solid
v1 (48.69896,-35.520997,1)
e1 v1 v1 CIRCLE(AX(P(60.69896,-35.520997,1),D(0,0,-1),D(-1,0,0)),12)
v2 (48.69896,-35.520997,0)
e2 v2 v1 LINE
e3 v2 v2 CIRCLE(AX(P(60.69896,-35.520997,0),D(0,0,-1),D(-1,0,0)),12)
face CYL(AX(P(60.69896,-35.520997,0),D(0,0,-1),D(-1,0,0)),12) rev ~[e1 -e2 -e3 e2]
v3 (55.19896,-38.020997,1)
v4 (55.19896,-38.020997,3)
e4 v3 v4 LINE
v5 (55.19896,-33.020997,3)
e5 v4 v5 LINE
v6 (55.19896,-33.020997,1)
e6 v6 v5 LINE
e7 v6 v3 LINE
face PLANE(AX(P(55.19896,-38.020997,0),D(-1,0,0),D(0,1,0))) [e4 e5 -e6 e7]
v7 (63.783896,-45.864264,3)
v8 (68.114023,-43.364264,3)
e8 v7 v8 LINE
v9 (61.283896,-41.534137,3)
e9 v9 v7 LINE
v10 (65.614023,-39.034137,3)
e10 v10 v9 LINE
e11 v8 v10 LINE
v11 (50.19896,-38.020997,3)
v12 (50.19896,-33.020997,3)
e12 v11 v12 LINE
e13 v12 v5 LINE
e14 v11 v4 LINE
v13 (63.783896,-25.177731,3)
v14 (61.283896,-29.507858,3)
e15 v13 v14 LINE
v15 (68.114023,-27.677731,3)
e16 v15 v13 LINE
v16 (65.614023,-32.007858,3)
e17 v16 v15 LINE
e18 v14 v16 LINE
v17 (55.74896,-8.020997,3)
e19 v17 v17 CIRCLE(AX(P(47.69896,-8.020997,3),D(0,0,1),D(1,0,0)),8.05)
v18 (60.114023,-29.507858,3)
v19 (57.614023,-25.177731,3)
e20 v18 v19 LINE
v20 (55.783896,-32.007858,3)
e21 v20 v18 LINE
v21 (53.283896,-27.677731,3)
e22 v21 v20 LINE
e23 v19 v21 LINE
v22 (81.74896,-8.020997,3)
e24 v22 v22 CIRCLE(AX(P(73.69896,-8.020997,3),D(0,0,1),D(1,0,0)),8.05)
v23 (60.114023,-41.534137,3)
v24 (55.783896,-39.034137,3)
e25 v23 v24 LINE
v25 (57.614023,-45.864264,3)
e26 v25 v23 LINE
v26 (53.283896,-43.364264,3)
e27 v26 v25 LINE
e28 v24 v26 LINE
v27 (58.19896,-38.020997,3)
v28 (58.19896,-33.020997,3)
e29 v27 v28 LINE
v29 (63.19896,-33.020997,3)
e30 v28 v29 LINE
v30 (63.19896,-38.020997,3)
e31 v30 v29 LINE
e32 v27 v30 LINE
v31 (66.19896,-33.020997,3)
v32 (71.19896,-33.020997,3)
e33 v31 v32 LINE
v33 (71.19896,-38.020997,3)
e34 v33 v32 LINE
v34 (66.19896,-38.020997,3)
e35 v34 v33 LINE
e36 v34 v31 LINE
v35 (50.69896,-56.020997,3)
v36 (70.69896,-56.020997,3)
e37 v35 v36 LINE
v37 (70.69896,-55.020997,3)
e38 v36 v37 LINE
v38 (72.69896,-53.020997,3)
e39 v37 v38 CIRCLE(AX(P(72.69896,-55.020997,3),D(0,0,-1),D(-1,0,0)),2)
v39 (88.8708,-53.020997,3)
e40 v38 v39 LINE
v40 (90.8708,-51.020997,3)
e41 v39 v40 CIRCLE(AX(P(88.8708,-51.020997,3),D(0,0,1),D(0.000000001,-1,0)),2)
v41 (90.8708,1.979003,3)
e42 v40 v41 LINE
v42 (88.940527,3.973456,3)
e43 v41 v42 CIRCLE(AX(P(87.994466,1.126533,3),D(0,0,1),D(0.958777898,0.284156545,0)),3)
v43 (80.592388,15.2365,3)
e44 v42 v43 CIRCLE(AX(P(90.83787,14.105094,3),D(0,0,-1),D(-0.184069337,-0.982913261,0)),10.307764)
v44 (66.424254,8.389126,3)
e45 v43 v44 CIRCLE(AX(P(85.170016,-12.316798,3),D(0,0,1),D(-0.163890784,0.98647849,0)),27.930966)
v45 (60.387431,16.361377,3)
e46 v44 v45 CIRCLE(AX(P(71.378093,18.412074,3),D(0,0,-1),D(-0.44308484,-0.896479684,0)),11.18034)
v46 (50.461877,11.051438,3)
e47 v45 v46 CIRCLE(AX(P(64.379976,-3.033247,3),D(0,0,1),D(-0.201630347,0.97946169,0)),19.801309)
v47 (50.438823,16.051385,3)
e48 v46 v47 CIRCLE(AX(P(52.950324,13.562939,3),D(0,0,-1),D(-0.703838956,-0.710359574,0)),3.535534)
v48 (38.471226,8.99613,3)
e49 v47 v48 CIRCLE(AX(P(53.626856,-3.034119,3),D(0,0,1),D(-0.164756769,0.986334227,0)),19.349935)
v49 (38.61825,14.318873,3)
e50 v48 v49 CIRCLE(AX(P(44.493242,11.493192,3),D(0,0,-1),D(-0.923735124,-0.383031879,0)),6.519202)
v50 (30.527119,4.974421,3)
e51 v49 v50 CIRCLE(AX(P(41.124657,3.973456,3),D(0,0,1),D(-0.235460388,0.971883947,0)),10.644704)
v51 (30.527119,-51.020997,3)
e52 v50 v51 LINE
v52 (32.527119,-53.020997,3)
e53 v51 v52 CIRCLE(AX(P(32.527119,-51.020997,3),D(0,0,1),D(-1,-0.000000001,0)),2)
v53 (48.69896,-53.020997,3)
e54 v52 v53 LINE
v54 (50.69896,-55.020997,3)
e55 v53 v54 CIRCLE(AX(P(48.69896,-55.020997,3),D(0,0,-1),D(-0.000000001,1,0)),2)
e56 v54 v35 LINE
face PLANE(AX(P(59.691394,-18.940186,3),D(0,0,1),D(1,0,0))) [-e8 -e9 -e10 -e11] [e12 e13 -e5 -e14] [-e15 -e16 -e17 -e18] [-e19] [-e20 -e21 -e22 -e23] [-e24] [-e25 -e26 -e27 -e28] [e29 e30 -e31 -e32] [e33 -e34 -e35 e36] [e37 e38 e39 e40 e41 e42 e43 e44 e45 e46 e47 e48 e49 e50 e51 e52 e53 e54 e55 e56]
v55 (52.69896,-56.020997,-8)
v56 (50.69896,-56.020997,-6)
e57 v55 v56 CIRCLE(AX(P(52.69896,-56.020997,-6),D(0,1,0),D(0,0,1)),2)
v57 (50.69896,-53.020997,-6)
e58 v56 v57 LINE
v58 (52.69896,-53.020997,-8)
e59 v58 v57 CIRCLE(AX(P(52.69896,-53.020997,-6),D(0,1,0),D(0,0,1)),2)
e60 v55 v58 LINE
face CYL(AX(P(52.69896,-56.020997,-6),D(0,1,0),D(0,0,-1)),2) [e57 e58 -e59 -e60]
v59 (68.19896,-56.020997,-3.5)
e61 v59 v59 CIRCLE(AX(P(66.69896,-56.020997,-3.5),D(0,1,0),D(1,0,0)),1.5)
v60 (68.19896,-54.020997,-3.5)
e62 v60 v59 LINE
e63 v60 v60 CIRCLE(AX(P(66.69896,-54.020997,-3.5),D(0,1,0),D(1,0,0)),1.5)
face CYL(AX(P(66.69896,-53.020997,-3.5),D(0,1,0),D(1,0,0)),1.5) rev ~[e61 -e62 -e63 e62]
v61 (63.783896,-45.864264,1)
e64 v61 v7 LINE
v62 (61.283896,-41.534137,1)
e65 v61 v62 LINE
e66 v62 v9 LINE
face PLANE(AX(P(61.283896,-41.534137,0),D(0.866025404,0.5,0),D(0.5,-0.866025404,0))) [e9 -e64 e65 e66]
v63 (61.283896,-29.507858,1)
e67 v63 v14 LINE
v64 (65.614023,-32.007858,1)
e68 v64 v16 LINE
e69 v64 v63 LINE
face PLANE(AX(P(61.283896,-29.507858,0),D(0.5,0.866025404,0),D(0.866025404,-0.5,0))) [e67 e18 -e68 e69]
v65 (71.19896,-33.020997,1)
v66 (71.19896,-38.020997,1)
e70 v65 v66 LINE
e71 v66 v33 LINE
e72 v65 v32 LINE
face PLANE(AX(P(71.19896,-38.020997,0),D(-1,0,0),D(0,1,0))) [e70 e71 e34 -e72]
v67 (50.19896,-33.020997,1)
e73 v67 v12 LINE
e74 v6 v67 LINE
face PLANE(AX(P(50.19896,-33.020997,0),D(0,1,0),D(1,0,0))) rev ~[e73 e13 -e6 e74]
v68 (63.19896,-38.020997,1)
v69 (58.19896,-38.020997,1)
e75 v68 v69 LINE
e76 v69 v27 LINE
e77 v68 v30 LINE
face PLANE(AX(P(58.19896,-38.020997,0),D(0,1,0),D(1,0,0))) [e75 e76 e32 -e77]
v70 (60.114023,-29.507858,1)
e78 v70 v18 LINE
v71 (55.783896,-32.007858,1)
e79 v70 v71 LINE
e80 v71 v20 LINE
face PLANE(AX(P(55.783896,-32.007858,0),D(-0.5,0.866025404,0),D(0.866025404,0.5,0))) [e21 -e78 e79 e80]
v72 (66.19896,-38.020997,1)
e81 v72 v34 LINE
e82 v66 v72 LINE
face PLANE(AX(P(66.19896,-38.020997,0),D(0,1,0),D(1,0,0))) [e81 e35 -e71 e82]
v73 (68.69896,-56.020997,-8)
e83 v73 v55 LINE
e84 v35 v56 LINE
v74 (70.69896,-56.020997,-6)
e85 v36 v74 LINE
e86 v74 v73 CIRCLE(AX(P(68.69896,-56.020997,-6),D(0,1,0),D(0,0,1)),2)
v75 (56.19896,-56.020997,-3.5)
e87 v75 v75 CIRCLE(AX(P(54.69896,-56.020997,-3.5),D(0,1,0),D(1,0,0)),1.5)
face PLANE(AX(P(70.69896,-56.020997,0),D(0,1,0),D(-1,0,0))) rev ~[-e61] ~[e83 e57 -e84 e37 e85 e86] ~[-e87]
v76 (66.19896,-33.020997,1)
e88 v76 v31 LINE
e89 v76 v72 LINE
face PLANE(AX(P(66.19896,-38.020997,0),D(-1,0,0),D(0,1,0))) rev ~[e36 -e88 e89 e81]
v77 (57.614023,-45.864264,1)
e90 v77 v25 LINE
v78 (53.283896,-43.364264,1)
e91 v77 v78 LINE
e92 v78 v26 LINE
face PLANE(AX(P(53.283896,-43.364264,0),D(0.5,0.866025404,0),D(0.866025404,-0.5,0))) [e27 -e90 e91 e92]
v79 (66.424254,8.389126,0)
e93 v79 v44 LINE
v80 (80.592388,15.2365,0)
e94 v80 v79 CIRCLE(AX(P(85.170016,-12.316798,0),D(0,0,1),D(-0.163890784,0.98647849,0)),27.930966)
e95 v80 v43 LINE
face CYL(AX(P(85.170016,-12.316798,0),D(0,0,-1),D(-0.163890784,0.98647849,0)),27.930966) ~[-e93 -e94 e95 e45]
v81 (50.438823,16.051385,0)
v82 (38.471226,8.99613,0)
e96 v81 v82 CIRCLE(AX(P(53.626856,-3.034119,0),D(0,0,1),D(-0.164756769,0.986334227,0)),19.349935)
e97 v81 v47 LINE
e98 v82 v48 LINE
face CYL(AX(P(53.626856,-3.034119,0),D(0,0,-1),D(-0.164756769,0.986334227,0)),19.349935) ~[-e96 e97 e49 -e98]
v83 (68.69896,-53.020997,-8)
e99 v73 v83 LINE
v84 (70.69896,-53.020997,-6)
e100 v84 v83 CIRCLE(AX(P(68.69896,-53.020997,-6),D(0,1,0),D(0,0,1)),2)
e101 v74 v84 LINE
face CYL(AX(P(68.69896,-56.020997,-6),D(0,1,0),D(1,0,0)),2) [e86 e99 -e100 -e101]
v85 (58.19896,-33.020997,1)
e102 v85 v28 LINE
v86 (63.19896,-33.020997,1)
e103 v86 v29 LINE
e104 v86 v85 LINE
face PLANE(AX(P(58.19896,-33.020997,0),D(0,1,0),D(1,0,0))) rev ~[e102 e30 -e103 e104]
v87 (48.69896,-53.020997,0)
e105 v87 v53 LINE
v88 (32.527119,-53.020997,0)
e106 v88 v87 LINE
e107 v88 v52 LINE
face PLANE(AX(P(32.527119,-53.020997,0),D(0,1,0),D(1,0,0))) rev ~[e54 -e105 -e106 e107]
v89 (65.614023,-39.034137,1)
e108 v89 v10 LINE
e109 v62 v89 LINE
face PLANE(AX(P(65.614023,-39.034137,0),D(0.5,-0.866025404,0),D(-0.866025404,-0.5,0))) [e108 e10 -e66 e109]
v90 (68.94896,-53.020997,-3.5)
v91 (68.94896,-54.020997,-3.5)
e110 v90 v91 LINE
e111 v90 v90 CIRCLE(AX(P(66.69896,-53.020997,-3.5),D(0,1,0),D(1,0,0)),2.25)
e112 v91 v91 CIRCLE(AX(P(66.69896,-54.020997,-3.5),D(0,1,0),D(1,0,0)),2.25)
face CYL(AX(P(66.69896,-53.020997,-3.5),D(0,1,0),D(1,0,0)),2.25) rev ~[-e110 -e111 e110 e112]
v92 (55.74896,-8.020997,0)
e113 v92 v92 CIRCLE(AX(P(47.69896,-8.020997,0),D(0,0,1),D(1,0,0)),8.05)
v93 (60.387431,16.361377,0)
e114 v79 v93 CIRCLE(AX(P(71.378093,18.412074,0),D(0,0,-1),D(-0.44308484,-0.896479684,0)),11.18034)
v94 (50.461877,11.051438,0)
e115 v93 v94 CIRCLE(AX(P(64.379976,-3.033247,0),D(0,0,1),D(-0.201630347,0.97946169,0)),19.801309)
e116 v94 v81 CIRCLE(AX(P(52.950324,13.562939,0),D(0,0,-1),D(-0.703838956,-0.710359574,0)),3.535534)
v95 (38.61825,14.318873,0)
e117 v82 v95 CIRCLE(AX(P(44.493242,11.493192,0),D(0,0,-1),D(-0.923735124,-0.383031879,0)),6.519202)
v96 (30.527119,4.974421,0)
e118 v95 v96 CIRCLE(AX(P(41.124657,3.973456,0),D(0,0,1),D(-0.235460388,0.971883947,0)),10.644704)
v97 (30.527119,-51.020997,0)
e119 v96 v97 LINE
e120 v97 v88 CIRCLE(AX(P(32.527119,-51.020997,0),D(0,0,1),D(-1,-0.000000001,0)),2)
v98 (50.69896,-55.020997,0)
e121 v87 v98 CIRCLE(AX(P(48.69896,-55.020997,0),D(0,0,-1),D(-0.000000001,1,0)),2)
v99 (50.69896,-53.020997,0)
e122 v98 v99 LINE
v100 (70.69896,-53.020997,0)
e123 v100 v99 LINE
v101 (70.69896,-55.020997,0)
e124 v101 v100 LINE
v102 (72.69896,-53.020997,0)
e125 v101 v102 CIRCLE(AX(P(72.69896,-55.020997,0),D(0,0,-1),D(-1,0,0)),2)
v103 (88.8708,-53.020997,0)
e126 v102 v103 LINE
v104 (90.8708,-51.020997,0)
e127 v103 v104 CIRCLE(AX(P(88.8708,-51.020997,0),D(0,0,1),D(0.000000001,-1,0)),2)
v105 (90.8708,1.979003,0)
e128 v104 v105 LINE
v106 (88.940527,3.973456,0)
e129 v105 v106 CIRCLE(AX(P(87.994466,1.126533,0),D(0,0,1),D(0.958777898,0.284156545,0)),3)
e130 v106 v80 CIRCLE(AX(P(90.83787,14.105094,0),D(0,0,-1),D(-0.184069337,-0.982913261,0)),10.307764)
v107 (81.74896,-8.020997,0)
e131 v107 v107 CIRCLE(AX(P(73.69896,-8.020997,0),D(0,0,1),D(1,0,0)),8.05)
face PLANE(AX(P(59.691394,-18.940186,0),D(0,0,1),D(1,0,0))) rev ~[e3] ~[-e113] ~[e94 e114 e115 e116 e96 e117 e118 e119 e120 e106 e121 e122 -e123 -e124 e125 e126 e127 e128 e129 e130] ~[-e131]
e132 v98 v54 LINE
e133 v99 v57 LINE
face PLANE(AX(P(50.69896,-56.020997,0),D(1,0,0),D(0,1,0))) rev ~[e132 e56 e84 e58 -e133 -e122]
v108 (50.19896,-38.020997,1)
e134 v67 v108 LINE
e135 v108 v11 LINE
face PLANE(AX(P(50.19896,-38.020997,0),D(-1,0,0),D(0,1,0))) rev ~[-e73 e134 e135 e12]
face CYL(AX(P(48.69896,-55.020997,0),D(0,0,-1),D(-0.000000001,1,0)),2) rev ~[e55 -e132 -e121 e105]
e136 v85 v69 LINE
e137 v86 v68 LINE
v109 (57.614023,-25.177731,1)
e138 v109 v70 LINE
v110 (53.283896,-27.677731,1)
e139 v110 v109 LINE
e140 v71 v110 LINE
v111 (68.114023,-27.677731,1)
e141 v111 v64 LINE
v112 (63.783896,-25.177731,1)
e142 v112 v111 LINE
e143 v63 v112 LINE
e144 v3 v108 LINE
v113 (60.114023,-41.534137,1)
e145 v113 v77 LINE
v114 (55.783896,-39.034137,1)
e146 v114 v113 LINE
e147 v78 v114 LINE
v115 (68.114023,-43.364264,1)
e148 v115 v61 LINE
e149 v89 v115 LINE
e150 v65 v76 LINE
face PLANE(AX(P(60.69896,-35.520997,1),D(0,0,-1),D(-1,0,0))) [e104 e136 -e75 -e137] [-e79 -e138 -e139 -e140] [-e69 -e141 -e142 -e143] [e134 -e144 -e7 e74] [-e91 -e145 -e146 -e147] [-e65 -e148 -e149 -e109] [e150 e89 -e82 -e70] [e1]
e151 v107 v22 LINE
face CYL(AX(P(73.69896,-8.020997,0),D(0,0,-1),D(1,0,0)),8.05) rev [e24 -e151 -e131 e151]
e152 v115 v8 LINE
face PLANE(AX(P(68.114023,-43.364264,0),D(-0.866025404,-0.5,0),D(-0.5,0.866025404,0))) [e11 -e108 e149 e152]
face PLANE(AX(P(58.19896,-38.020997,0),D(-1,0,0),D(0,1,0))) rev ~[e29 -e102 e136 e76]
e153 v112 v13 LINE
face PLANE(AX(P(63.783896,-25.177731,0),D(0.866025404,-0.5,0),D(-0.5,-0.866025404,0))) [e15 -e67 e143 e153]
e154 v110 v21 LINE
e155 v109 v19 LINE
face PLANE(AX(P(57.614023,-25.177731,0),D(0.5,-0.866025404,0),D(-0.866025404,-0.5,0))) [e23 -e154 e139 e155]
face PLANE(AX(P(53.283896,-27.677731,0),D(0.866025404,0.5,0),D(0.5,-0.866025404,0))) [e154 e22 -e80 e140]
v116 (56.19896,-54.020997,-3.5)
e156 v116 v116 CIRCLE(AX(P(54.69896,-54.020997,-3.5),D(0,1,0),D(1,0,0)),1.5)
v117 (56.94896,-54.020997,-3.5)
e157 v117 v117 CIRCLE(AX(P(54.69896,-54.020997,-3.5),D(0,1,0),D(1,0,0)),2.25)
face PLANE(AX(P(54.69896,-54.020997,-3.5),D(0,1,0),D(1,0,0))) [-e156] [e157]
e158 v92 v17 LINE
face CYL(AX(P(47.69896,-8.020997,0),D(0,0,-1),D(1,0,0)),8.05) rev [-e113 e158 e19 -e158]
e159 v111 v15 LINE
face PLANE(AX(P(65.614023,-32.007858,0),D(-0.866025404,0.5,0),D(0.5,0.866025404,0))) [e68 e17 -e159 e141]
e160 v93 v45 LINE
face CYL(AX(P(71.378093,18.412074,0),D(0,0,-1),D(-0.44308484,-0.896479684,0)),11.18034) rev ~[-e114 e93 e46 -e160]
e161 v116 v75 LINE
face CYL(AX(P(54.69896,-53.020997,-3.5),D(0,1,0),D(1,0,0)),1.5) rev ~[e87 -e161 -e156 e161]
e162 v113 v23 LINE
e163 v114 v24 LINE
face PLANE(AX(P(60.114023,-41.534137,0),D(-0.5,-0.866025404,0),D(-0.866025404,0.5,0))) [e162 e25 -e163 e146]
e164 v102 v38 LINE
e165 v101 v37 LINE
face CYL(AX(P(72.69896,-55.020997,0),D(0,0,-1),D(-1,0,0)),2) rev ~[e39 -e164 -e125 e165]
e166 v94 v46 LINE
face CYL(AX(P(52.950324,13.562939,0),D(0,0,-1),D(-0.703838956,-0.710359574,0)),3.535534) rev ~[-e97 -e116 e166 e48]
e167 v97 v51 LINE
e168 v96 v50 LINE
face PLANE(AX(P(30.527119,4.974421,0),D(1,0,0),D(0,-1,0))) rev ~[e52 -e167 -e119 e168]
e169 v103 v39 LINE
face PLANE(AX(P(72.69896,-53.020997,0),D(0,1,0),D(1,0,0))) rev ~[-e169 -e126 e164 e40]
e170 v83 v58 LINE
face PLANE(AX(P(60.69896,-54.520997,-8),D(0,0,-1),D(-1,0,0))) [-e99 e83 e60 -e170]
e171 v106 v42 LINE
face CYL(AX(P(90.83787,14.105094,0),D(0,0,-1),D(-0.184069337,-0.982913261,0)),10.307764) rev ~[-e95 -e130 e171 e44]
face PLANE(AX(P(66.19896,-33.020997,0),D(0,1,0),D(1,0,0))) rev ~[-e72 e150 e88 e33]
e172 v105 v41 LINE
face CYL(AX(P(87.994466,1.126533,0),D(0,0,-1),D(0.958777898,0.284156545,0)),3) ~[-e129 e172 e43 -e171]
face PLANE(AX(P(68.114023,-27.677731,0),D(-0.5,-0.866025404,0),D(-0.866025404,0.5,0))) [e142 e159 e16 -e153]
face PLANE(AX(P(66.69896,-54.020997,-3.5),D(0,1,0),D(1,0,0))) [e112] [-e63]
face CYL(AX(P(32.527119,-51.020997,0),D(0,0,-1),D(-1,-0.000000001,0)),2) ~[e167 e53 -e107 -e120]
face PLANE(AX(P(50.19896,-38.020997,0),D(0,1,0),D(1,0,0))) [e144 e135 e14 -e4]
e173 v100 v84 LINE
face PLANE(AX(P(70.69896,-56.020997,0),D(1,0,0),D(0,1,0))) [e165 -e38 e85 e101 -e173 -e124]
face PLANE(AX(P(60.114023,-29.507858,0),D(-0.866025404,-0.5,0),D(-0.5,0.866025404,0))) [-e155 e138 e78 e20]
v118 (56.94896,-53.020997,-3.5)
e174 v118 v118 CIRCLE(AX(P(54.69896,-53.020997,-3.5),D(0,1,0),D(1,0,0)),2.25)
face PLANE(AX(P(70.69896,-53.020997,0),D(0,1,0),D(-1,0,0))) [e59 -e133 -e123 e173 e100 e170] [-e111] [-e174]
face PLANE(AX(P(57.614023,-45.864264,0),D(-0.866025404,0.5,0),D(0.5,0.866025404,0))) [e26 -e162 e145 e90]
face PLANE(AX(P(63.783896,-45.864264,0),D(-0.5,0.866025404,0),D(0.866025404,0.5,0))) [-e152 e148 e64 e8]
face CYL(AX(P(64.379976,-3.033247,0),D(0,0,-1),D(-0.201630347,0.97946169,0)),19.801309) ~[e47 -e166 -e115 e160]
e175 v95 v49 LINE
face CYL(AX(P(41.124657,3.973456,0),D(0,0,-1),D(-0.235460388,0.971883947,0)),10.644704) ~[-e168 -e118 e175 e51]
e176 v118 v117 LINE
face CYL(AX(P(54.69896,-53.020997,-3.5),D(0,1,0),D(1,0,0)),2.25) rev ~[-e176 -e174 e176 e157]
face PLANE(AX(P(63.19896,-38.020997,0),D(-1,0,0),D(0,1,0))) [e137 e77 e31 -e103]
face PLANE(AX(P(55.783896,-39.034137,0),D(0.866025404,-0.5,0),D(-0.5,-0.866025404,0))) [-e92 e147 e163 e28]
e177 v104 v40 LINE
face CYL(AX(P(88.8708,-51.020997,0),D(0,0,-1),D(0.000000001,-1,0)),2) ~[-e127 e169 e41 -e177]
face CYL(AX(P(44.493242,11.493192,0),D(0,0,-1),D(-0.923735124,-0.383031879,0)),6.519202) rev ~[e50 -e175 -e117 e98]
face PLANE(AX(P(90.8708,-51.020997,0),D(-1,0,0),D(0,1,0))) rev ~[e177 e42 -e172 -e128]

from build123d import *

# Parameters (mm, degrees)
MODEL_R                 = 8.05
MODEL_W                 = 5
MODEL_H                 = 5
SALIENTE_EXTRUIR1_DEPTH = 3
CROQUIS3_W              = 20
CROQUIS3_H              = 3
SALIENTE_EXTRUIR2_DEPTH = 8
CROQUIS4_R              = 1.5
CORTAR_EXTRUIR1_DEPTH   = 3
CROQUIS5_R              = 2.25
CORTAR_EXTRUIR2_DEPTH   = 1
REDONDEO1_R             = 2
CROQUIS6_R              = 12
CORTAR_EXTRUIR3_DEPTH   = 1


with BuildPart() as part:
    # Model → Saliente-Extruir1 (new body)
    with BuildSketch(Plane.XY):
        with BuildLine():
            Line((50.698959582, -56.020997464), (70.698959582, -56.020997464))
            Line((70.698959582, -56.020997464), (70.698959582, -55.020997464))
            ThreePointArc((70.698959582, -55.020997464), (71.28474602, -53.606783901), (72.698959582, -53.020997464))
            Line((72.698959582, -53.020997464), (88.870799912, -53.020997464))
            ThreePointArc((88.870799912, -53.020997464), (90.285013474, -52.435211026), (90.870799912, -51.020997464))
            Line((90.870799912, -51.020997464), (90.870799912, 1.979002536))
            ThreePointArc((90.870799912, 1.979002536), (90.150187884, 3.212884764), (88.940527152, 3.973455574))
            ThreePointArc((88.940527152, 3.973455574), (82.556801864, 7.967186508), (80.592387516, 15.236499516))
            ThreePointArc((80.592387516, 15.236499516), (73.016137183, 12.831206377), (66.424253692, 8.389126209))
            ThreePointArc((66.424253692, 8.389126209), (62.464845981, 11.66270114), (60.387431279, 16.361376528))
            ThreePointArc((60.387431279, 16.361376528), (55.039384462, 14.426569266), (50.461877073, 11.051438157))
            ThreePointArc((50.461877073, 11.051438157), (49.41482724, 13.546636971), (50.438823204, 16.051385009))
            ThreePointArc((50.438823204, 16.051385009), (43.800023098, 13.634815248), (38.471226177, 8.99613013))
            ThreePointArc((38.471226177, 8.99613013), (37.976525569, 11.673196605), (38.618250464, 14.318872844))
            ThreePointArc((38.618250464, 14.318872844), (33.077419178, 10.94136051), (30.527119253, 4.974420659))
            Line((30.527119253, 4.974420659), (30.527119253, -51.020997464))
            ThreePointArc((30.527119253, -51.020997464), (31.112905691, -52.435211026), (32.527119253, -53.020997464))
            Line((32.527119253, -53.020997464), (48.698959582, -53.020997464))
            ThreePointArc((48.698959582, -53.020997464), (50.113173145, -53.606783901), (50.698959582, -55.020997464))
            Line((50.698959582, -55.020997464), (50.698959582, -56.020997464))
        make_face()
        with Locations((47.698959583, -8.020997464)):
            Circle(MODEL_R, mode=Mode.SUBTRACT)
        with Locations((73.698959582, -8.020997464)):
            Circle(MODEL_R, mode=Mode.SUBTRACT)
        Polygon((53.283896073, -43.364264203), (57.614023092, -45.864264203), (60.114023092, -41.534137185), (55.783896073, -39.034137185), align=None, mode=Mode.SUBTRACT)
        Polygon((63.783896073, -45.864264204), (68.114023092, -43.364264204), (65.614023092, -39.034137185), (61.283896073, -41.534137185), align=None, mode=Mode.SUBTRACT)
        with Locations((68.698959582, -35.520997464)):
            Rectangle(MODEL_W, MODEL_H, mode=Mode.SUBTRACT)
        Polygon((68.114023092, -27.677730724), (63.783896073, -25.177730724), (61.283896073, -29.507857743), (65.614023092, -32.007857743), align=None, mode=Mode.SUBTRACT)
        Polygon((57.614023092, -25.177730724), (53.283896073, -27.677730724), (55.783896073, -32.007857743), (60.114023092, -29.507857743), align=None, mode=Mode.SUBTRACT)
        with Locations((52.698959582, -35.520997464)):
            Rectangle(MODEL_W, MODEL_H, mode=Mode.SUBTRACT)
        with Locations((60.698959582, -35.520997464)):
            Rectangle(MODEL_W, MODEL_H, mode=Mode.SUBTRACT)
    extrude(amount=SALIENTE_EXTRUIR1_DEPTH)

    # Croquis3 → Saliente-Extruir2 (add)
    with BuildSketch(Plane(origin=(0, 0, 0), x_dir=(-1, 0, 0), z_dir=(0, 0, -1))):
        with Locations((-60.698959582, -54.520997464)):
            Rectangle(CROQUIS3_W, CROQUIS3_H)
    extrude(amount=SALIENTE_EXTRUIR2_DEPTH)

    # Croquis4 → Cortar-Extruir1 (cut)
    with BuildSketch(Plane(origin=(0, -53.020997464, 0), x_dir=(1, 0, 0), z_dir=(0, 1, 0))):
        with Locations((66.698959582, 3.5)):
            Circle(CROQUIS4_R)
        with Locations((54.698959582, 3.5)):
            Circle(CROQUIS4_R)
    extrude(amount=-CORTAR_EXTRUIR1_DEPTH, mode=Mode.SUBTRACT)

    # Croquis5 → Cortar-Extruir2 (cut)
    with BuildSketch(Plane(origin=(0, -53.020997464, 0), x_dir=(1, 0, 0), z_dir=(0, 1, 0))):
        with Locations((66.698959582, 3.5)):
            Circle(CROQUIS5_R)
        with Locations((54.698959582, 3.5)):
            Circle(CROQUIS5_R)
    extrude(amount=-CORTAR_EXTRUIR2_DEPTH, mode=Mode.SUBTRACT)

    # Redondeo1
    redondeo1_edges = [part.edges().sort_by_distance(p)[0] for p in [
        (50.698959582, -54.520997464, -8),
        (70.698959582, -54.520997464, -8),
    ]]
    fillet(redondeo1_edges, radius=REDONDEO1_R)

    # Croquis6 → Cortar-Extruir3 (cut)
    with BuildSketch(Plane(origin=(0, 0, 0), x_dir=(-1, 0, 0), z_dir=(0, 0, -1))):
        with Locations((-60.698959582, -35.520997464)):
            Circle(CROQUIS6_R)
    extrude(amount=-CORTAR_EXTRUIR3_DEPTH, mode=Mode.SUBTRACT)


solid = part.part
